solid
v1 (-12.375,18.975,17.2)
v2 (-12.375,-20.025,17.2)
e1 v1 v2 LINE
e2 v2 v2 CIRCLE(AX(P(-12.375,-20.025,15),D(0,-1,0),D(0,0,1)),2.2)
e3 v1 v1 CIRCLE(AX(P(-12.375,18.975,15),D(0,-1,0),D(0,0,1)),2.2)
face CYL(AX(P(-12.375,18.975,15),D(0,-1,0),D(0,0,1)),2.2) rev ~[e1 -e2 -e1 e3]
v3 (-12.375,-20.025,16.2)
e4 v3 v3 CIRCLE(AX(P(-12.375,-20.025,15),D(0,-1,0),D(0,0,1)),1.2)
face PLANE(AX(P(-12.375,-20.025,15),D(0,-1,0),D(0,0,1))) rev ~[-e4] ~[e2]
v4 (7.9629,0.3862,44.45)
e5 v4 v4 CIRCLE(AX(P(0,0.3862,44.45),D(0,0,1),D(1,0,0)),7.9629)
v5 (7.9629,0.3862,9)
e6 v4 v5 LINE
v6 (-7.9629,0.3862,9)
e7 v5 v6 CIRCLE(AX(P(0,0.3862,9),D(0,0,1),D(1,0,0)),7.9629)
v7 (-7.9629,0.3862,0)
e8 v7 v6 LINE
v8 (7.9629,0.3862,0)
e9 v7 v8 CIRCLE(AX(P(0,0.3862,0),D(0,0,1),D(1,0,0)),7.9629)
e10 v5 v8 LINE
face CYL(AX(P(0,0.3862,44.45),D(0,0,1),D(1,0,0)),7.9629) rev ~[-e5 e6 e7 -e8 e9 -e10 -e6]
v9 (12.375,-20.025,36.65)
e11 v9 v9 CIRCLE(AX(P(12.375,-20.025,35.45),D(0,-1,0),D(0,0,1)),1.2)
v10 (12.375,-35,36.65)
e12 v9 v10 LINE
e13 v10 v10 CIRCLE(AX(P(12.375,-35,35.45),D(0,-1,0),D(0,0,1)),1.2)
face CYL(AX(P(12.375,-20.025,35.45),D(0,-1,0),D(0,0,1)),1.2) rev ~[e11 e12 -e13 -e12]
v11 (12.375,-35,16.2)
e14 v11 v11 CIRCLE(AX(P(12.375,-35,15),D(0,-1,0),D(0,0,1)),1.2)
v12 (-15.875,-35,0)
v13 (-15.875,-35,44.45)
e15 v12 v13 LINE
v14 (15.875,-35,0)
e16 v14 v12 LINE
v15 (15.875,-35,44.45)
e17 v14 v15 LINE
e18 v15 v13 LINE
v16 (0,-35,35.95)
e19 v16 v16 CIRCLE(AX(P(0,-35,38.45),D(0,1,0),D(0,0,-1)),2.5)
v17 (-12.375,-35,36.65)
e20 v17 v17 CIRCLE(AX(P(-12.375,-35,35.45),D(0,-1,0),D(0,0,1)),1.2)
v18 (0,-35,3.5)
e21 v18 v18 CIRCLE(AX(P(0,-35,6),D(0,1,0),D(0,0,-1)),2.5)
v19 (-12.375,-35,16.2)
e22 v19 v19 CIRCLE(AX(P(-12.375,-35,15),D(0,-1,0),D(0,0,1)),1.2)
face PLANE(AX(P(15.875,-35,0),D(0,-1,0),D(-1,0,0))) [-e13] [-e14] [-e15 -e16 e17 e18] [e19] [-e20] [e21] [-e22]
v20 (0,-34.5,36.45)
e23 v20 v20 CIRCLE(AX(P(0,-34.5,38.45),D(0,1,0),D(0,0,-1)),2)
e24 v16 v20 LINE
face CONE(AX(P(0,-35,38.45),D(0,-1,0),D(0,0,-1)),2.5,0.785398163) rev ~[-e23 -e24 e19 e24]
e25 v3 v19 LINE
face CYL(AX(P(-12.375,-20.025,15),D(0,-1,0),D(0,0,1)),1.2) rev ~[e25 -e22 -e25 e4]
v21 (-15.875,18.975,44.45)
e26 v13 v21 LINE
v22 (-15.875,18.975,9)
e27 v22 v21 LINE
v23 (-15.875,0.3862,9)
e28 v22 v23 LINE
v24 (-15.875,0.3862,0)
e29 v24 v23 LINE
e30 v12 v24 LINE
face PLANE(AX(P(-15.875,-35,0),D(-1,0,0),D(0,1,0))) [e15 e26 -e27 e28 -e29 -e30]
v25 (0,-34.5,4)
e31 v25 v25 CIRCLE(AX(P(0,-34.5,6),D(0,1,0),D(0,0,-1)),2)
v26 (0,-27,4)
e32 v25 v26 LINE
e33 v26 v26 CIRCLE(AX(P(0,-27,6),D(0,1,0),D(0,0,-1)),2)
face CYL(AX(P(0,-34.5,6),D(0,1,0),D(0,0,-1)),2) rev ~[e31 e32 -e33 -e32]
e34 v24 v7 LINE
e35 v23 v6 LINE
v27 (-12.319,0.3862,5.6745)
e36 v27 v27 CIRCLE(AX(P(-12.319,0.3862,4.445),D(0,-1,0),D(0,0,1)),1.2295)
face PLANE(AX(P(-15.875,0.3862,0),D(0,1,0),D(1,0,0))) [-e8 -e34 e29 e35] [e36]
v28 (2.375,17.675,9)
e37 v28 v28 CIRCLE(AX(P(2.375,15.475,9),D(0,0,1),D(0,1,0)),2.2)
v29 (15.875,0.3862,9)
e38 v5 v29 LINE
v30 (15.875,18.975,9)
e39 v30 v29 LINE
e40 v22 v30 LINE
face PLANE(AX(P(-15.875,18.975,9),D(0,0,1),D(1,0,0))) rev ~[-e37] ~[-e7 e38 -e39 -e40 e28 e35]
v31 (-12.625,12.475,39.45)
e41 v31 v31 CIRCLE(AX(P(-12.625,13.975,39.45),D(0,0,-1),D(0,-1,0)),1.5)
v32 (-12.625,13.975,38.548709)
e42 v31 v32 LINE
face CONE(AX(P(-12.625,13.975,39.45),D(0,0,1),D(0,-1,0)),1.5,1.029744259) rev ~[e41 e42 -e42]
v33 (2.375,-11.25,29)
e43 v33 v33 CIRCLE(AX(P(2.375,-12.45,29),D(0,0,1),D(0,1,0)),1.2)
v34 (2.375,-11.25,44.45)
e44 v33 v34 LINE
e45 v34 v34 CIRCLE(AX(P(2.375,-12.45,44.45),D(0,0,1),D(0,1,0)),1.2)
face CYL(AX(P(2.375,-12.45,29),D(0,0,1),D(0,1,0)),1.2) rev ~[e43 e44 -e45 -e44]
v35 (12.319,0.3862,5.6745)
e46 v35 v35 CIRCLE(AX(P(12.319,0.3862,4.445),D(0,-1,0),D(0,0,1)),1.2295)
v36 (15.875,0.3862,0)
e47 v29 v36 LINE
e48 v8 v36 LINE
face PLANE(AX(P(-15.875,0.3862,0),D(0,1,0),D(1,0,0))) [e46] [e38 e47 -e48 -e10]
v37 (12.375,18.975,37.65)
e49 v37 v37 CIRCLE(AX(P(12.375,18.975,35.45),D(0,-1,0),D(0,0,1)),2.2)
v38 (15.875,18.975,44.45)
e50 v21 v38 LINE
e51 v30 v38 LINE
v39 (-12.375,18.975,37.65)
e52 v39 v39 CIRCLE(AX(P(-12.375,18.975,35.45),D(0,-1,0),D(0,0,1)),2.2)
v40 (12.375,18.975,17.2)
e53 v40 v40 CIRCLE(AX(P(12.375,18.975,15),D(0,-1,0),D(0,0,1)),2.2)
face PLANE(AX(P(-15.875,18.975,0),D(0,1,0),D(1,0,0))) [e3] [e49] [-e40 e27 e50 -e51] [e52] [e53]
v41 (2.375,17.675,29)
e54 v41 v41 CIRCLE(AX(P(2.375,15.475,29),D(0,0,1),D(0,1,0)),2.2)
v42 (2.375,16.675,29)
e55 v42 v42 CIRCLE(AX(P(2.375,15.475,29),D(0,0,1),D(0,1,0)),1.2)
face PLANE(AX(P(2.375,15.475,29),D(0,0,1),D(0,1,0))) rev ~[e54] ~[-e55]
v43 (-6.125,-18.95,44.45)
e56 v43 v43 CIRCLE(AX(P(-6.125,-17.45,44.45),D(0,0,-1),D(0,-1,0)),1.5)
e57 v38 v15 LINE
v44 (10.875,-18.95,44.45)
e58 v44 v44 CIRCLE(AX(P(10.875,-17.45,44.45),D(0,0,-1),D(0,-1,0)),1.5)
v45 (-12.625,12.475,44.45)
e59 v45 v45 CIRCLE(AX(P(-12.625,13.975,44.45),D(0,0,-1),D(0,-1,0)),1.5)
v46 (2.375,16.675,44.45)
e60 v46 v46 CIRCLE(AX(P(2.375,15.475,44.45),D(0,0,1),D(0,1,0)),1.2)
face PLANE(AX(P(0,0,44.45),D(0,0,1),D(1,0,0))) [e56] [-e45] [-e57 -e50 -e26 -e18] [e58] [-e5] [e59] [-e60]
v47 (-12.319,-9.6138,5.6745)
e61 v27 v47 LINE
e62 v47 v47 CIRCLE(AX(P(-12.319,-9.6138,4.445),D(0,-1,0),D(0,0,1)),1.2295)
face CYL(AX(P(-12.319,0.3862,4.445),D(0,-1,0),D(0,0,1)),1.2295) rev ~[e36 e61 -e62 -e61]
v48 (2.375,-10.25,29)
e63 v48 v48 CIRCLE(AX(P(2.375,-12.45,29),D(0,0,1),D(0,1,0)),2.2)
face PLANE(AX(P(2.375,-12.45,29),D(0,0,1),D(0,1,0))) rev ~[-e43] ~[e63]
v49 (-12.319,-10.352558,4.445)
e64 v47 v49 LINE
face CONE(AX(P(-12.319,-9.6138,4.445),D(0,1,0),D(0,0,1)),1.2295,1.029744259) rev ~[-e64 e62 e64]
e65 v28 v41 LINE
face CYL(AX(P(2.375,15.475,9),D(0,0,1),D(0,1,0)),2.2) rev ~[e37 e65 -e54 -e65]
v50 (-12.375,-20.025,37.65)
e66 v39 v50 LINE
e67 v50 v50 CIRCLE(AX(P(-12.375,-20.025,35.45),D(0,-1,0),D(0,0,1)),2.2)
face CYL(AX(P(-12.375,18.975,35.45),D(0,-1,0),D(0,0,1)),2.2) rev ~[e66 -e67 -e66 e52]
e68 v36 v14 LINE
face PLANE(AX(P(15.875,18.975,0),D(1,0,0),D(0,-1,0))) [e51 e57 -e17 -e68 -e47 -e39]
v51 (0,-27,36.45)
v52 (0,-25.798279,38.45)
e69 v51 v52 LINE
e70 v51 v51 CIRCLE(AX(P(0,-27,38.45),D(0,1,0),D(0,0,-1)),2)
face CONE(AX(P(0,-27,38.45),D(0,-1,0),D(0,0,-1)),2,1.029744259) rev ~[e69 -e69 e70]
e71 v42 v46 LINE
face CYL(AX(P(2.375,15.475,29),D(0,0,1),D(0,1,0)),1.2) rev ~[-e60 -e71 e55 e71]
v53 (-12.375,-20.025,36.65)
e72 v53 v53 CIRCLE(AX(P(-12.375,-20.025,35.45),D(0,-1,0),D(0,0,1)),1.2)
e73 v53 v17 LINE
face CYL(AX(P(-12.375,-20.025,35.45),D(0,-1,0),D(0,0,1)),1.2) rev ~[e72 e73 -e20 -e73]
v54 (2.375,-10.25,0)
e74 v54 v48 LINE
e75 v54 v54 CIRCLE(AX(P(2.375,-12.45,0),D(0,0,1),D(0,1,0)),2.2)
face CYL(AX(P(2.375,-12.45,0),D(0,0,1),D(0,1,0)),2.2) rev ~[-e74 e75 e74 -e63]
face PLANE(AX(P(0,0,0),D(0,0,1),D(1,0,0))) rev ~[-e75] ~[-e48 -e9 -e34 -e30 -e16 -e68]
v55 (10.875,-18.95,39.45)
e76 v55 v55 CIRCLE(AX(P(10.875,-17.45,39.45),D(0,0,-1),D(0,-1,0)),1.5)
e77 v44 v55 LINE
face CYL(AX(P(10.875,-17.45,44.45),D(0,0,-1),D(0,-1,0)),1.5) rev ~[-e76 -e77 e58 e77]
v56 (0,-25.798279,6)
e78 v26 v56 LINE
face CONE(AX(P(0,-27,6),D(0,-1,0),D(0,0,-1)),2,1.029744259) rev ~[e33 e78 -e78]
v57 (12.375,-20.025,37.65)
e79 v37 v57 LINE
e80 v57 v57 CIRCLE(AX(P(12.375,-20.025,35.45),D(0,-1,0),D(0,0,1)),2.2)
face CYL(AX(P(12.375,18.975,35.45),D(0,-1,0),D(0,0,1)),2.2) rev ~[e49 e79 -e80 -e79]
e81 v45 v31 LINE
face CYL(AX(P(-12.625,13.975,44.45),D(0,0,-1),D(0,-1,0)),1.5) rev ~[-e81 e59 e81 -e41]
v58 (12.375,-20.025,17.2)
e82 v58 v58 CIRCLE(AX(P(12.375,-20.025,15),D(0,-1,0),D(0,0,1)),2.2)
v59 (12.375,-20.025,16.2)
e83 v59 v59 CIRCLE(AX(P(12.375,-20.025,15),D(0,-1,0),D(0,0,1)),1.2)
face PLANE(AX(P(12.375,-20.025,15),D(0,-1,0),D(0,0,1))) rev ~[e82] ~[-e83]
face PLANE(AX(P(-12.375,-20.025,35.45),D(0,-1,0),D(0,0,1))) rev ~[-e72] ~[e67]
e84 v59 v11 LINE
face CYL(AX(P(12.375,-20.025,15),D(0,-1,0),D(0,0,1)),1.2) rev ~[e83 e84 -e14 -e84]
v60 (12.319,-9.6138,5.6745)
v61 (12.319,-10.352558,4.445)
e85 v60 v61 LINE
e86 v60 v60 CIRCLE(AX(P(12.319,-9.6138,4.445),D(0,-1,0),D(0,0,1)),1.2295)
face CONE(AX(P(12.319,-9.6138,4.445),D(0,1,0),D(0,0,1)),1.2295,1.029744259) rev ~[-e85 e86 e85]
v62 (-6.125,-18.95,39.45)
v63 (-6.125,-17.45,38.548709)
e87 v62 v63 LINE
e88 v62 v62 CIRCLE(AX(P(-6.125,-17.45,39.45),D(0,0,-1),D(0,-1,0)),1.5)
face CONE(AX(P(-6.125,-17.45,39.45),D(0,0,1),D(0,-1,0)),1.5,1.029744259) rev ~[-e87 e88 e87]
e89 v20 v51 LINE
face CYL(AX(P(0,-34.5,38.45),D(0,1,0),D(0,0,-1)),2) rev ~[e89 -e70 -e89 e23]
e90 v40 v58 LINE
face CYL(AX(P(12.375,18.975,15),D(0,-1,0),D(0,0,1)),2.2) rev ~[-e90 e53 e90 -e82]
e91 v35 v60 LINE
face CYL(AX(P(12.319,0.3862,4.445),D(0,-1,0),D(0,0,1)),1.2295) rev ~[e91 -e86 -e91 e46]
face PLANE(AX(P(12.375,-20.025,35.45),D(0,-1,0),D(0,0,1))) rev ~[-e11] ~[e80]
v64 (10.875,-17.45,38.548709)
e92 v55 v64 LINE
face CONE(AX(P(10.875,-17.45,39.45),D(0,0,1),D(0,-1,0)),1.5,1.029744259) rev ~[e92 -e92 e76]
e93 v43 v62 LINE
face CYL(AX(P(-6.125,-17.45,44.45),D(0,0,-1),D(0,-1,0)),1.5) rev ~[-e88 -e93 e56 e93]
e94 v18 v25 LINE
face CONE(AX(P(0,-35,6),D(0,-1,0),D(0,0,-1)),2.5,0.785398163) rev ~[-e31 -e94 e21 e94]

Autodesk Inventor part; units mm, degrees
ref_plane "YZ Plane" through (0, 0, 0) normal (1, 0, 0) x (0, 1, 0)
ref_plane "XZ Plane" through (0, 0, 0) normal (0, 1, 0) x (-1, 0, 0)
ref_plane "XY Plane" through (0, 0, 0) normal (0, 0, 1) x (1, 0, 0)
sketch "Sketch1" plane through (0, 0, 0) normal (0, 0, 1) x (1, 0, 0)
  line L0 (-15.875, 18.975) -> (15.875, 18.975)
  line L1 (15.875, 18.975) -> (15.875, -35)
  line L2 (15.875, -35) -> (-15.875, -35)
  line L3 (-15.875, -35) -> (-15.875, 18.975)
  point P0 (0, 0)
  dimension "d0" = 31.75
  dimension "d1" = 53.975
  dimension "d3" = 35
  dimension "d4" = 15.875
extrude "Extrusion1" add sketch "Sketch1" along normal blind 44.45
sketch "Sketch2" plane through (0, 0, 44.45) normal (0, 0, 1) x (1, 0, 0)
  circle A0 centre (0, 0.3862) radius 7.9629
  line L0 (15.875, 18.975) -> (-15.875, 18.975) projected
  line L1 (-15.875, 18.975) -> (-15.875, -35) projected
  line L2 (-15.875, -35) -> (15.875, -35) projected
  line L3 (15.875, -35) -> (15.875, 18.975) projected
  line L4 (15.875, 18.975) -> (-15.875, 18.975) projected
  line L5 (0, 18.975) -> (0, -35) construction
  dimension "d7" = 15.9258
  dimension "d124" = 35.3862
extrude "Extrusion2" cut sketch "Sketch2" against normal through all contours A0
sketch "Sketch4" plane through (-15.875, 18.975, 0) normal (0, 1, 0) x (1, 0, 0)
  line L0 (0, 0) -> (31.75, 0) projected
  line L1 (31.75, 0) -> (0, 0)
  line L2 (0, 0) -> (0, -9)
  line L3 (0, -9) -> (31.75, -9)
  line L4 (31.75, -9) -> (31.75, 0)
  line L5 (0, 0) -> (0, -44.45) projected
  point P0 (15.875, 0)
  point P1 (0, -4.5)
  dimension "d15" = 9
extrude "Extrusion4" cut sketch "Sketch4" against normal blind 18.5888
sketch "Sketch6" plane through (0, 0, 44.45) normal (0, 0, 1) x (1, 0, 0)
  line L0 (15.875, -15.95) -> (-11.125, -15.95) projected
  line L1 (-11.125, -15.95) -> (-11.125, 18.975) projected
  point P0 (0, 0)
  point P1 (-6.125, -17.45)
  point P2 (10.875, -17.45)
  point P3 (-12.625, 13.975)
  dimension "d33" = 1.5
  dimension "d34" = 1.5
  dimension "d35" = 5
  dimension "d36" = 5
  dimension "d44" = 5
  dimension "d45" = 1.5
hole "Press fit for D3mm_L10mm Dowel - pin to protrude 5mm" at (-6.125, -17.45, 44.45) at (10.875, -17.45, 44.45) at (-12.625, 13.975, 44.45) direction (0, 0, -1) diameter 3 depth 5 tip angle 118
sketch "Sketch9" plane through (-15.875, 18.975, 44.45) normal (0, 1, 0) x (1, 0, 0)
  line L0 (31.75, 35.45) -> (0, 35.45) projected
  line L1 (0, 35.45) -> (0, 0) projected
  line L2 (31.75, 0) -> (0, 0) projected
  line L3 (31.75, 35.45) -> (31.75, 0) projected
  line L4 (23.8379, 35.45) -> (23.8379, 44.45) projected
  line L5 (7.9121, 44.45) -> (23.8379, 44.45) projected
  line L6 (7.9121, 44.45) -> (7.9121, 35.45) projected
  line L7 (7.9121, 35.45) -> (23.8379, 35.45) projected
  line L8 (23.8379, 0) -> (7.9121, 0) projected
  point P0 (15.875, 44.45)
  point P1 (28.25, 9)
  point P2 (3.5, 9)
  point P3 (3.5, 29.45)
  point P4 (28.25, 29.45)
  dimension "d60" = 9
  dimension "d61" = 3.5
  dimension "d62" = 3.5
  dimension "d63" = 9
  dimension "d96" = 6
  dimension "d97" = 6
  dimension "d98" = 3.5
  dimension "d99" = 3.5
hole "Cbore hole for M2 screw_1" at (12.375, 18.975, 35.45) at (-12.375, 18.975, 35.45) at (-12.375, 18.975, 15) at (12.375, 18.975, 15) direction (0, -1, 0) diameter 2.4 end through all counterbore diameter 4.4 counterbore depth 39 clearance for "Socket Head Cap Screw" size "M2" standard "Ansi Metric M Profile"
sketch "Sketch11" plane through (15.875, 18.975, 9) normal (0, 0, -1) x (-1, 0, 0)
  circle A0 centre (13.5, -3.5) radius 0.7835 projected
  point P0 (15.875, -18.975)
hole "Cbore hole for M2 screw_2" at (2.375, 15.475, 9) direction (0, 0, 1) diameter 2.4 end through all counterbore diameter 4.4 counterbore depth 20 clearance for "Socket Head Cap Screw" size "M2" standard "Ansi Metric M Profile"
sketch "Sketch12" plane through (0, 0, 0) normal (0, 0, -1) x (-1, 0, 0)
  circle A0 centre (-2.375, -12.45) radius 0.7835 projected
  point P0 (0, 0)
hole "Cbore hole for M2 screw_3" at (2.375, -12.45, 0) direction (0, 0, 1) diameter 2.4 end through all counterbore diameter 4.4 counterbore depth 29 clearance for "Socket Head Cap Screw" size "M2" standard "Ansi Metric M Profile"
sketch "Sketch13" plane through (-15.875, -35, 0) normal (0, -1, 0) x (1, 0, 0)
  circle A0 centre (3.5, 15) radius 1.2 projected
  circle A1 centre (28.25, 35.45) radius 1.2 projected
  circle A2 centre (3.5, 35.45) radius 1.2 projected
  circle A3 centre (28.25, 15) radius 1.2 projected
  line L0 (31.75, 0) -> (0, 0) projected
  line L1 (31.75, 0) -> (31.75, 44.45) projected
  line L2 (0, 44.45) -> (31.75, 44.45) projected
  line L3 (0, 0) -> (0, 44.45) projected
  line L4 (0, 44.45) -> (31.75, 44.45) projected
  line L5 (20.45, 0) -> (16.05, 0) projected
  line L6 (15.875, 44.45) -> (15.875, 0) construction
  point P0 (15.875, 0)
  point P1 (15.875, 38.45)
  point P2 (15.875, 6)
  dimension "d100" = 6
  dimension "d101" = 6
hole "Locating Holes for Mitsumi CJPDB3-4" at (0, -35, 38.45) at (0, -35, 6) direction (0, 1, 0) diameter 4 depth 8 tip angle 118 countersink diameter 5 countersink angle 90
sketch "Sketch15" plane through (-15.875, 0.3862, 0) normal (0, 1, 0) x (1, 0, 0)
  circle A0 centre (3.556, -4.445) radius 1.7 projected
  circle A1 centre (28.194, -4.445) radius 1.7 projected
  point P0 (15.875, 0)
hole "Threaded hole for M3 screw" at (12.319, 0.3862, 4.445) at (-12.319, 0.3862, 4.445) direction (0, -1, 0) diameter 2.459 depth 10 tip angle 118 thread size "M3x0.5" class "6H" standard "ANSI Metric M Profile"
equation "\"d4\" = 0.5 * d0"
properties part number "J007515" material "ALUMINUM, 6061-T651"
